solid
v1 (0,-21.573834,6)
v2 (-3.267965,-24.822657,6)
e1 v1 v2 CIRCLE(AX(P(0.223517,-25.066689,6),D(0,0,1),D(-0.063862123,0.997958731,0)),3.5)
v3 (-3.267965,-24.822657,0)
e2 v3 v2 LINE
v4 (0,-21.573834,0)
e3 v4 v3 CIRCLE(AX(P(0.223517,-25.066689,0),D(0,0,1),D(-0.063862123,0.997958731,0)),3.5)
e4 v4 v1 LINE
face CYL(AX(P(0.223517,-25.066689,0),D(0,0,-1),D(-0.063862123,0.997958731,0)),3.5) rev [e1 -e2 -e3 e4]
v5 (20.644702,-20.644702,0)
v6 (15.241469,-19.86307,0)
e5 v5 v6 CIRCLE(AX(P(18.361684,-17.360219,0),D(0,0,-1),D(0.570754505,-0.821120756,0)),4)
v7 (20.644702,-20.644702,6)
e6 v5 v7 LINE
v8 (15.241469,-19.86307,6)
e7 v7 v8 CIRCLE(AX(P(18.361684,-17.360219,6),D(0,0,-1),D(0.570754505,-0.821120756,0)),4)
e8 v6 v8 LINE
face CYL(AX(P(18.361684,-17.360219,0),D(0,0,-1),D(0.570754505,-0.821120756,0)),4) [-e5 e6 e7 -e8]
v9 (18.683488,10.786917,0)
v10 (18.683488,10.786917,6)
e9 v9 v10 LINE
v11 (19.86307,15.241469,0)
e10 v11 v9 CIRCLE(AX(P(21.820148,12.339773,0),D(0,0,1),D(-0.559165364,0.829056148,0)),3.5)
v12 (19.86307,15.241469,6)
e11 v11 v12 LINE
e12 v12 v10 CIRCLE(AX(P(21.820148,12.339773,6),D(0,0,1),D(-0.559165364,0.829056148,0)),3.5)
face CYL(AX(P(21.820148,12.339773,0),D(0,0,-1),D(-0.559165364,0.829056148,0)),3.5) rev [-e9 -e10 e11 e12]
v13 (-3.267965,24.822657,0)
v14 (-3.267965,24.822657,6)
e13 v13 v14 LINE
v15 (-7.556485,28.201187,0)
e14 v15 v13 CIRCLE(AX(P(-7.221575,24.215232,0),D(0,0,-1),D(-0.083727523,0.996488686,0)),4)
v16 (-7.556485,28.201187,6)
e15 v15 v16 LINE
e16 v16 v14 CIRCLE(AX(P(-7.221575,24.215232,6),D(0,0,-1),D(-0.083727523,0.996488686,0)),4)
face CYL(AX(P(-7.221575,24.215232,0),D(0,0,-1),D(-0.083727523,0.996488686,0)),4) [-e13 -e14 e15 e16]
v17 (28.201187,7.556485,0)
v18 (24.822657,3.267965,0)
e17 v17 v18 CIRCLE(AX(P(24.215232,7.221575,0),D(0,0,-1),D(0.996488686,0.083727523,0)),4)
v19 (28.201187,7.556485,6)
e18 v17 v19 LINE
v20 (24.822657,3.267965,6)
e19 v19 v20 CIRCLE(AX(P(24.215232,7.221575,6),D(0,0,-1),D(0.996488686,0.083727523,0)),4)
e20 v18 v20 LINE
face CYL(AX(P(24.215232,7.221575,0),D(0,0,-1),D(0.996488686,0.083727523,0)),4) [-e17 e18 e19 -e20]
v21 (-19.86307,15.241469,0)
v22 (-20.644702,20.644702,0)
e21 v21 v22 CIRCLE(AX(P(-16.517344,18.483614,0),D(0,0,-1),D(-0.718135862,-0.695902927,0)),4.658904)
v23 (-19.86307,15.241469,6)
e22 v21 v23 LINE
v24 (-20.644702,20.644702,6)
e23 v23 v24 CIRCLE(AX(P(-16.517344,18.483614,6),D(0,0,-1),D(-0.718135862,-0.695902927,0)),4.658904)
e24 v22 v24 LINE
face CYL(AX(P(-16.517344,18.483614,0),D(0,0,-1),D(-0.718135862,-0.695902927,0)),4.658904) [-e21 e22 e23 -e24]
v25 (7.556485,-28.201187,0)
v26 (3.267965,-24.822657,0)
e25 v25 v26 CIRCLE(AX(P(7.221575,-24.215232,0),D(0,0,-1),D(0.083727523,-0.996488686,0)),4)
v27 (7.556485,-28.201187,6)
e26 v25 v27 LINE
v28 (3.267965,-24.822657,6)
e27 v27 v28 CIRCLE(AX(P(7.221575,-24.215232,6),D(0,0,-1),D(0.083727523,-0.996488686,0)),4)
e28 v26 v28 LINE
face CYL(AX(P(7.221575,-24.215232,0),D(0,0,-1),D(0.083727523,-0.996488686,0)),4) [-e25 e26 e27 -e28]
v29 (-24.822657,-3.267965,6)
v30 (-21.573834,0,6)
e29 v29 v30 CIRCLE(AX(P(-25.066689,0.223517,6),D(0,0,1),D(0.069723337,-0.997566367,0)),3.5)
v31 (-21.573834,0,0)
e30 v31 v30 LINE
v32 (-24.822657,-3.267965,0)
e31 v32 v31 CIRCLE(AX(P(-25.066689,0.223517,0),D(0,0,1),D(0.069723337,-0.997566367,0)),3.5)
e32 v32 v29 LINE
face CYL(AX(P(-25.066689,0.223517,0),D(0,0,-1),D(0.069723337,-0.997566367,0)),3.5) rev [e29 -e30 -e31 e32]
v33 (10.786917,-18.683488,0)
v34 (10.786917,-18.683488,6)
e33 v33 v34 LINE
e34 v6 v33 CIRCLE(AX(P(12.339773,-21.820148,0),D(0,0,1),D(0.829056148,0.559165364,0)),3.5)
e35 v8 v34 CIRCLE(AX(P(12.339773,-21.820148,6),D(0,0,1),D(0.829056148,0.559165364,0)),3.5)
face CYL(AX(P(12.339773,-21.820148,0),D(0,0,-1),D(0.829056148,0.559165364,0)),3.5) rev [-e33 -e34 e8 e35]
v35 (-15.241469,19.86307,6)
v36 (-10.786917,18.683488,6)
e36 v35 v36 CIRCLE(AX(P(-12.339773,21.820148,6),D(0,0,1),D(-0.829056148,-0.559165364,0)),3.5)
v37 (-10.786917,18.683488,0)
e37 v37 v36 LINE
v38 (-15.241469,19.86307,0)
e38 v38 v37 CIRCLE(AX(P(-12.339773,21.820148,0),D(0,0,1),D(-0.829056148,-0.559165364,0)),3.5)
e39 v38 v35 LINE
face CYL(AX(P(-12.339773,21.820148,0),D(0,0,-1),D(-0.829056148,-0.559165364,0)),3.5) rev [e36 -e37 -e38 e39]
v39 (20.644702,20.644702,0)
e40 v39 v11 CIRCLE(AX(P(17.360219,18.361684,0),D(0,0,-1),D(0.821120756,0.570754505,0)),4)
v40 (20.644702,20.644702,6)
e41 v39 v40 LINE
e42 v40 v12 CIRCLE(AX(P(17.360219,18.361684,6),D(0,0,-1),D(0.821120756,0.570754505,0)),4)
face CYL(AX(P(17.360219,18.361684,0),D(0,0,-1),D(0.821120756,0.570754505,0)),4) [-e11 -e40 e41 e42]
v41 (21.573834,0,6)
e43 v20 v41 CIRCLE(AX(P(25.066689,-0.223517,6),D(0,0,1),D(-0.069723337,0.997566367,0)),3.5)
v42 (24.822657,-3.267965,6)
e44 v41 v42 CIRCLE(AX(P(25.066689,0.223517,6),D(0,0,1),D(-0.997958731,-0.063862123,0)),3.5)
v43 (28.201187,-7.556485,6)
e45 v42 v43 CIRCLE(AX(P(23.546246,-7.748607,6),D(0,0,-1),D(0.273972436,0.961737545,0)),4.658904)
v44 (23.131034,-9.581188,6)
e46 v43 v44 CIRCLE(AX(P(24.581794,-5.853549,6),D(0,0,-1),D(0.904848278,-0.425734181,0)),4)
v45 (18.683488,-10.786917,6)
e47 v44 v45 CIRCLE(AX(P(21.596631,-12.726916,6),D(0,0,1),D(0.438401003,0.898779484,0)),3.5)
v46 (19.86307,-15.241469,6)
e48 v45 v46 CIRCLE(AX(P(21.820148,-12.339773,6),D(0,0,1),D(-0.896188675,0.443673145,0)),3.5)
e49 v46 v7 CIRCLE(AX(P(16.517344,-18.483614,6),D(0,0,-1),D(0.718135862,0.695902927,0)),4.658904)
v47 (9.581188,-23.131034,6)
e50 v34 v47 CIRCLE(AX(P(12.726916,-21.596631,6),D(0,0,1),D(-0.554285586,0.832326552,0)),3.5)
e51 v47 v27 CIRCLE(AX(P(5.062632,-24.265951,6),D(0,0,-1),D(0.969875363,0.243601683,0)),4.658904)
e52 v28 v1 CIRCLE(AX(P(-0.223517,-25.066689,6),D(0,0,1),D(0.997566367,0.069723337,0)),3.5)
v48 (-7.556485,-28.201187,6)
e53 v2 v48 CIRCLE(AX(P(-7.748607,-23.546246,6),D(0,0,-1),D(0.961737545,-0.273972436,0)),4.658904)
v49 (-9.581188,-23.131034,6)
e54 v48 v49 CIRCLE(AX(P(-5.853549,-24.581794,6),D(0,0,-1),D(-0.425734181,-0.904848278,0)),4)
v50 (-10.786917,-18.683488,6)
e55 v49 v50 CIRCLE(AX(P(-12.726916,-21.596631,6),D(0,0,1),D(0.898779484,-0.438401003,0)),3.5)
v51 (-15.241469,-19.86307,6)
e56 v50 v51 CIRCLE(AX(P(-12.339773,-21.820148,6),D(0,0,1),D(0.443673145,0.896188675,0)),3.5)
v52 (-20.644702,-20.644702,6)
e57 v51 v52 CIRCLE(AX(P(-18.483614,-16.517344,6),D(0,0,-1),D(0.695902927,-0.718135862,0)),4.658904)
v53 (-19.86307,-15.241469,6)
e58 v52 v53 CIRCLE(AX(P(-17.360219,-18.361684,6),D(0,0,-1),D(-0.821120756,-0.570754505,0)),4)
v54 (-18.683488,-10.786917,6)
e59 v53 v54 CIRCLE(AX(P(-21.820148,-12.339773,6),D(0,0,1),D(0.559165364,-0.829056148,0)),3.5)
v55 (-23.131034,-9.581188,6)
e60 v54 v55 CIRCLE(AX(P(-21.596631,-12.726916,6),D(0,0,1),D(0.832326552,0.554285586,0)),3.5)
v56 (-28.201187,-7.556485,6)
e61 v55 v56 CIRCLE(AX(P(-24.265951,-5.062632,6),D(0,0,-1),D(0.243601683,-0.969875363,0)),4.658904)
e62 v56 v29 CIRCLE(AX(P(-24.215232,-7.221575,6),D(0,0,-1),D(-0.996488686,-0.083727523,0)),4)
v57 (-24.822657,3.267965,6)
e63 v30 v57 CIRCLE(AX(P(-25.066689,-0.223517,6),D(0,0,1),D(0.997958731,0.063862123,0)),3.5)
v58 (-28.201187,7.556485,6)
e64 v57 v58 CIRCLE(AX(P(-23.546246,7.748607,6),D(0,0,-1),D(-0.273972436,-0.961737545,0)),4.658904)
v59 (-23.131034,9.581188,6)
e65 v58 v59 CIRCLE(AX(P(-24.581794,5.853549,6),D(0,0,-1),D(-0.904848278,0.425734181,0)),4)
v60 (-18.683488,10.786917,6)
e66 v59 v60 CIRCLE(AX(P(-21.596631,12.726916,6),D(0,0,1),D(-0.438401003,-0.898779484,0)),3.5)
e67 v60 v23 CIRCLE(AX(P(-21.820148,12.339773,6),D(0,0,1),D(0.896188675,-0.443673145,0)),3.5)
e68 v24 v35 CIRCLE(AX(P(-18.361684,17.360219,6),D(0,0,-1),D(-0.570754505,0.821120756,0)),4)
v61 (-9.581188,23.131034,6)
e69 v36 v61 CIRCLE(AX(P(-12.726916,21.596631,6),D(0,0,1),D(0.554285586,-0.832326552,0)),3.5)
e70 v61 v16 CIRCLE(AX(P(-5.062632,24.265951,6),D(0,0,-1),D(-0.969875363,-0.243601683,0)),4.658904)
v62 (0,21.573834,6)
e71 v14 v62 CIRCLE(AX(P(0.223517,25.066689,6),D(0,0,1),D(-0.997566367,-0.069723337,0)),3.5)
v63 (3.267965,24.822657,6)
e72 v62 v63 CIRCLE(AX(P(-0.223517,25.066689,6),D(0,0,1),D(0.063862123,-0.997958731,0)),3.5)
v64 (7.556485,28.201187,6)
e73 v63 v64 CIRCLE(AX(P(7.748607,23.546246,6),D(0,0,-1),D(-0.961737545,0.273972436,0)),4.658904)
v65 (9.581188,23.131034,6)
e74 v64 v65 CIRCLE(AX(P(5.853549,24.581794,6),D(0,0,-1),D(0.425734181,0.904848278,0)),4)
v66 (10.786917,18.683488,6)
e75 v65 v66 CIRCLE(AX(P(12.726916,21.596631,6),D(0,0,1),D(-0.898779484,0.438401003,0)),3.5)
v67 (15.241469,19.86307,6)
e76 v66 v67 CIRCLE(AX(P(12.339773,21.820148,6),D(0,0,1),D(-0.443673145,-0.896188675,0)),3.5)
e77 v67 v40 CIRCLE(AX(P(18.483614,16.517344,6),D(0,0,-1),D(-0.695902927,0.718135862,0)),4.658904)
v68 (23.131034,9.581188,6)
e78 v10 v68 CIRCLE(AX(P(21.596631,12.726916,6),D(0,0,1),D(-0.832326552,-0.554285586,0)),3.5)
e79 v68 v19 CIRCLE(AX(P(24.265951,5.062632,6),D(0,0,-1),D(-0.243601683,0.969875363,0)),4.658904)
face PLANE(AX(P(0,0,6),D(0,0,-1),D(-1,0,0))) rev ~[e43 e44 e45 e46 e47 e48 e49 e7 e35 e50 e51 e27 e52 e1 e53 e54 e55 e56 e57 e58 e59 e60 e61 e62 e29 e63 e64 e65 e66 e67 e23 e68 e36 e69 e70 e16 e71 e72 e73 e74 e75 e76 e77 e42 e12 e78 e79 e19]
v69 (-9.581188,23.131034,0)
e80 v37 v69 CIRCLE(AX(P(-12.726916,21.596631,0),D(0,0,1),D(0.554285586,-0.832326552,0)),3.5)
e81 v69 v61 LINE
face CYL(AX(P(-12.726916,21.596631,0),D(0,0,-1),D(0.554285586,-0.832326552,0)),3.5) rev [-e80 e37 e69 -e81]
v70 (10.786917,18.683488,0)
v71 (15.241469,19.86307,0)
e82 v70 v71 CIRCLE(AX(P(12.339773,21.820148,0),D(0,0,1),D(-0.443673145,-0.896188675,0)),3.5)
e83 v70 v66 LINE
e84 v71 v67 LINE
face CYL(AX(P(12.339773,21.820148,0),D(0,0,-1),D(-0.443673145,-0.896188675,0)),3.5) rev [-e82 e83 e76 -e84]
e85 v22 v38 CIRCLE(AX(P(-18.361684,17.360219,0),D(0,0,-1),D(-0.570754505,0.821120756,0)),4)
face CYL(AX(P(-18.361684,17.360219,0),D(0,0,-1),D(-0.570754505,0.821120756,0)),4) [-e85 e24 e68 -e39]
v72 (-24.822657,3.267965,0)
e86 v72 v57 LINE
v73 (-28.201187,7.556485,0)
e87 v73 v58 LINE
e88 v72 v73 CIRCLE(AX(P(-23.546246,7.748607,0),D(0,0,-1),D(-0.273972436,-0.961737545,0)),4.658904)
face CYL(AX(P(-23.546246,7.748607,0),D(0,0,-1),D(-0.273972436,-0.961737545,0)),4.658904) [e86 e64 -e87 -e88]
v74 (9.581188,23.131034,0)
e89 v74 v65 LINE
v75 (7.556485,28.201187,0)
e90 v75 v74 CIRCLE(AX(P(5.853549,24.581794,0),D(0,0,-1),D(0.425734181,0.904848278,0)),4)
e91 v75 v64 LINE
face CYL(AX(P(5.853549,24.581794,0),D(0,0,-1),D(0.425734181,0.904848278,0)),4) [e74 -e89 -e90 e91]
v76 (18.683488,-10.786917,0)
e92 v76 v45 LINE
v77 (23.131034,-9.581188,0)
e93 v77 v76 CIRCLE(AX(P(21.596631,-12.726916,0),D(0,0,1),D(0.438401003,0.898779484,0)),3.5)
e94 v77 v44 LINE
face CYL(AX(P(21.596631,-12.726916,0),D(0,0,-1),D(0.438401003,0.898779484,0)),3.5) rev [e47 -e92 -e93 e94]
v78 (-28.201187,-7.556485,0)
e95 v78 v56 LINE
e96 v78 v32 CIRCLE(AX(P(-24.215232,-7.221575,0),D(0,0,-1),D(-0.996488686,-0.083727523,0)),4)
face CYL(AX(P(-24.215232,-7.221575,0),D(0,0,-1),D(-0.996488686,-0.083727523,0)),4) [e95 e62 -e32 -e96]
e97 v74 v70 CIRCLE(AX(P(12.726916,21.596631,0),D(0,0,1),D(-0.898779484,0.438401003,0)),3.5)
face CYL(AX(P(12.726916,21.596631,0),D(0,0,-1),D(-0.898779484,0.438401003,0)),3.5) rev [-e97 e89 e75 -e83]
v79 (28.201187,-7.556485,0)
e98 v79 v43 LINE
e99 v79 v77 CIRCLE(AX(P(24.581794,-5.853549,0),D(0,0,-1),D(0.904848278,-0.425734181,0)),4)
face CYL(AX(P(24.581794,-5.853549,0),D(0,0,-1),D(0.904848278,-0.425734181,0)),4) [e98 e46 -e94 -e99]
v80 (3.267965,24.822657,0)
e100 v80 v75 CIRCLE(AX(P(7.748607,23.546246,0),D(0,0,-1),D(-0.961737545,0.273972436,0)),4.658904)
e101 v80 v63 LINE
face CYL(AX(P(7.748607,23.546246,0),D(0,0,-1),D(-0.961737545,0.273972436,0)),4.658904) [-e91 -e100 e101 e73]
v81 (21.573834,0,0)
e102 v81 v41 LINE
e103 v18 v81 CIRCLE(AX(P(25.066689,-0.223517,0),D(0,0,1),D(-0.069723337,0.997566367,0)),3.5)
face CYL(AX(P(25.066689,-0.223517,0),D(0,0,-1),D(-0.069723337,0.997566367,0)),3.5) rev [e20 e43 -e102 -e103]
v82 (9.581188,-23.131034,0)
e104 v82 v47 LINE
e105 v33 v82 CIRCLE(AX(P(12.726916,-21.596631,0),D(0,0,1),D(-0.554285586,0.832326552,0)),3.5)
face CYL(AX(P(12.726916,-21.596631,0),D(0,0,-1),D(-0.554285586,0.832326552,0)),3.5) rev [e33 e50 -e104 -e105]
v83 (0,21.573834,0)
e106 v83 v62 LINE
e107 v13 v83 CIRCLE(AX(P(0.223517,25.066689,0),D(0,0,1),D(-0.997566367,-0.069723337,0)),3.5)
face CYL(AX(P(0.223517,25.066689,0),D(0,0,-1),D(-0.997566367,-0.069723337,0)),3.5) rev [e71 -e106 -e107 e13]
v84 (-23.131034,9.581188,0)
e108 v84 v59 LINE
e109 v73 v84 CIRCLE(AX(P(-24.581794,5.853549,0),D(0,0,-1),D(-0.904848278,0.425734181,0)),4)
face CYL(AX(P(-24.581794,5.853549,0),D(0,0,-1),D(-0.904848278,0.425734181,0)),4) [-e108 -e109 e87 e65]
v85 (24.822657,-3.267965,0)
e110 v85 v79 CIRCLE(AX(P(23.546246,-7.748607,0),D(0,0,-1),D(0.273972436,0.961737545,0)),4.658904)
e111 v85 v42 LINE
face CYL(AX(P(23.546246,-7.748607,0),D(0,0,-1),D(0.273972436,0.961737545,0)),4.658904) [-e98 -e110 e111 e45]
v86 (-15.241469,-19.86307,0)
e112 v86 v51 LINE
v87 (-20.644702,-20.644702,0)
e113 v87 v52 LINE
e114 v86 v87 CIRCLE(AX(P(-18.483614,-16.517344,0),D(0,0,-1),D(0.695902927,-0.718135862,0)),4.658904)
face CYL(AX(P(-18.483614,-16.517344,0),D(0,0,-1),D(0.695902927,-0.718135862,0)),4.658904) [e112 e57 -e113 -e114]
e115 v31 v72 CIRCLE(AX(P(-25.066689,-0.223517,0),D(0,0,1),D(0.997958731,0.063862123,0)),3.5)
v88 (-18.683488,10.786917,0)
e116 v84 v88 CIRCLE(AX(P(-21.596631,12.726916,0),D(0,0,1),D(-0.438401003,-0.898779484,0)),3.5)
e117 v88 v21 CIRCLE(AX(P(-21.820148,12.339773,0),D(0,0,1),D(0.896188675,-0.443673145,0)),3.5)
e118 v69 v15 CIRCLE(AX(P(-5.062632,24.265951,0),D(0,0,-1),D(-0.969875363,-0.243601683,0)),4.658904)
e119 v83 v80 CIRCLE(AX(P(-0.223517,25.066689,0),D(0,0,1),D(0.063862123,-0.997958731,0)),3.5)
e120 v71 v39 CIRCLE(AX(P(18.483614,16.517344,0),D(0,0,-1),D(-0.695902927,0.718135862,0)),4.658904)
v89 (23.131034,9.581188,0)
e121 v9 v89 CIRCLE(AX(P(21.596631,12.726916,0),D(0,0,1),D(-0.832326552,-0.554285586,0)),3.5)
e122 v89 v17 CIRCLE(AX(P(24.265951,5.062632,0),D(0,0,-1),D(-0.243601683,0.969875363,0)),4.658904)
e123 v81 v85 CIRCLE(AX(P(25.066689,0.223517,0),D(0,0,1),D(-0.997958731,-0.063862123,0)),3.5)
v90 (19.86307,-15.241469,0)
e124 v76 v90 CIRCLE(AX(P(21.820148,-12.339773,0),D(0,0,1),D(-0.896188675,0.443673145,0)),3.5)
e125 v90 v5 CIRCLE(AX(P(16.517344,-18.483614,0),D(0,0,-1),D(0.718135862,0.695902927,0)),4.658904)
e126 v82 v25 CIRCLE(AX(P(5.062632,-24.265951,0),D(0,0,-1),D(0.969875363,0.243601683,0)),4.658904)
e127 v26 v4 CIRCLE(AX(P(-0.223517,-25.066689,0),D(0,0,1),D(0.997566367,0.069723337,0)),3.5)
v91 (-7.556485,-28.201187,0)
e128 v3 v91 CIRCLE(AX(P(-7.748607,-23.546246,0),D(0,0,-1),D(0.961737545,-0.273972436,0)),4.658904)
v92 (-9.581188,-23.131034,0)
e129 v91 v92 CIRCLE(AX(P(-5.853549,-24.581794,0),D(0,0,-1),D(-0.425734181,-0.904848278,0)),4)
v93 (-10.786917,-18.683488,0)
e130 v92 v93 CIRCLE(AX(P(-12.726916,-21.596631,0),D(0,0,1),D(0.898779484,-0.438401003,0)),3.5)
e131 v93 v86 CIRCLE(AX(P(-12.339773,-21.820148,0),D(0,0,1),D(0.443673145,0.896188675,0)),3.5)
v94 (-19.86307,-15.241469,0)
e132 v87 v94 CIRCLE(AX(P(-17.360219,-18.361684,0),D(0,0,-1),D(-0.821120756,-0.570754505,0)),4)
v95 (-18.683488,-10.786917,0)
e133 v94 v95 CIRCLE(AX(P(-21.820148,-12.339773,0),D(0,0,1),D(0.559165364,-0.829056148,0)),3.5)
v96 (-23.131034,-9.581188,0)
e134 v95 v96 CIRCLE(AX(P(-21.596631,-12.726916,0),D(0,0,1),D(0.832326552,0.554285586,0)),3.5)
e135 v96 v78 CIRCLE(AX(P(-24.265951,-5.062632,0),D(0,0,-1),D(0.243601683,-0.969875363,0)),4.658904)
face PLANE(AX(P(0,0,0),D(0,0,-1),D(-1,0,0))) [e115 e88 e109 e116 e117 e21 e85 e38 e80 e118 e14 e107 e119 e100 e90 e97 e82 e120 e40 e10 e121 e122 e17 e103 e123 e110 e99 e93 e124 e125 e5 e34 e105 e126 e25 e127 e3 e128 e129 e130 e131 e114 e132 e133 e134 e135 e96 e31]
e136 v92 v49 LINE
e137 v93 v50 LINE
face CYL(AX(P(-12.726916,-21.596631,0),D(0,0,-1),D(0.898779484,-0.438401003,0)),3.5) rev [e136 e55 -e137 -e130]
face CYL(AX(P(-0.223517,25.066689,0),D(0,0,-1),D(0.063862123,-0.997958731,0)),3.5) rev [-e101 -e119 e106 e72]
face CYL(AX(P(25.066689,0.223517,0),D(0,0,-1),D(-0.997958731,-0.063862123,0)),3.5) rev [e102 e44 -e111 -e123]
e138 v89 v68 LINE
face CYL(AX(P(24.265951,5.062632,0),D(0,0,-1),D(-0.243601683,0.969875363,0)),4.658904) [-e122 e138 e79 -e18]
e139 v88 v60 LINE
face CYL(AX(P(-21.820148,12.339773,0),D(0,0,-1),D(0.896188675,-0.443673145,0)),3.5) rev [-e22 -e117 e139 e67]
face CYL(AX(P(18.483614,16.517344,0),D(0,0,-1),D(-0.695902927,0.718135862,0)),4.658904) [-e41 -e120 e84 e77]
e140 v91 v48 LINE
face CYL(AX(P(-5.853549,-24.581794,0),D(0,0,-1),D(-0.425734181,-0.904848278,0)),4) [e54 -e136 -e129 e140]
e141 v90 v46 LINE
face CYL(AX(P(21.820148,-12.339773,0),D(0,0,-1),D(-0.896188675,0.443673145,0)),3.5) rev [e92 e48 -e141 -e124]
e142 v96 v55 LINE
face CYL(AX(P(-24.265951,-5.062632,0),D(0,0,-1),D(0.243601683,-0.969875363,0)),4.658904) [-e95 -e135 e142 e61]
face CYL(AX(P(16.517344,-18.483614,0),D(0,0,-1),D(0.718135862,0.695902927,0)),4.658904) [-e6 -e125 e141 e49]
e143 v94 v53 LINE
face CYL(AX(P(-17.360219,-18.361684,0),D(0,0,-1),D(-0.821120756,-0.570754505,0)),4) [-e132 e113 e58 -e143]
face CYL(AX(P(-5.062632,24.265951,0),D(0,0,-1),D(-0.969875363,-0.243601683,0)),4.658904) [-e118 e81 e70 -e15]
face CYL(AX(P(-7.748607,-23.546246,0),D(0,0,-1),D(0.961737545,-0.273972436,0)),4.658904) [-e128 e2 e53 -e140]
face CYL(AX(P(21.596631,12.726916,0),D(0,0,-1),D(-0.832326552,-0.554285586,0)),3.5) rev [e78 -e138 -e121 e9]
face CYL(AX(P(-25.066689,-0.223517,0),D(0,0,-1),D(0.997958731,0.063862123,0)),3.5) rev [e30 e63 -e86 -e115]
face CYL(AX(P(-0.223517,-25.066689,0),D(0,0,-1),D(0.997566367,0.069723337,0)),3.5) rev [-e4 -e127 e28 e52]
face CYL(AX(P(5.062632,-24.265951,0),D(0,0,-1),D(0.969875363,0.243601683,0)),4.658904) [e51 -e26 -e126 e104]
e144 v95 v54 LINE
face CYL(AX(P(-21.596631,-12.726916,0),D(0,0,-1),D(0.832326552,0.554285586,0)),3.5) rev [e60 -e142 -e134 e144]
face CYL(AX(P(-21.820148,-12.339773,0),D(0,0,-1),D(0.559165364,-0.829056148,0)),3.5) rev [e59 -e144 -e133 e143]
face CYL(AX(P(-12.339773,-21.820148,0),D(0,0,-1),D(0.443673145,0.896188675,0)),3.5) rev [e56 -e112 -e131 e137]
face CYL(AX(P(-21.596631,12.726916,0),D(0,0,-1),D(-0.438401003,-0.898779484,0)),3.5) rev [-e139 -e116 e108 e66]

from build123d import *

# Parameters (mm, degrees)
BOSS_EXTRUDE4_DEPTH = 6


with BuildPart() as part:
    # Sketch4 → Boss-Extrude4 (new body)
    with BuildSketch(Plane.XY):
        with BuildLine():
            ThreePointArc((0, 21.573833609), (2.244076515, 22.584556995), (3.267964856, 24.822657492))
            ThreePointArc((3.267964856, 24.822657492), (4.865501824, 27.205902748), (7.556485251, 28.201186884))
            ThreePointArc((7.556485251, 28.201186884), (9.568303086, 26.065235227), (9.581188162, 23.131034405))
            ThreePointArc((9.581188162, 23.131034405), (9.348851227, 20.680838348), (10.786916804, 18.683487962))
            ThreePointArc((10.786916804, 18.683487962), (13.235705768, 18.436761833), (15.24146933, 19.86306955))
            ThreePointArc((15.24146933, 19.86306955), (17.816599556, 21.128252), (20.644701633, 20.644701633))
            ThreePointArc((20.644701633, 20.644701633), (21.319011157, 17.789004319), (19.86306955, 15.24146933))
            ThreePointArc((19.86306955, 15.24146933), (18.436761833, 13.235705768), (18.683487962, 10.786916804))
            ThreePointArc((18.683487962, 10.786916804), (20.680838348, 9.348851227), (23.131034405, 9.581188162))
            ThreePointArc((23.131034405, 9.581188162), (25.993753825, 9.389303192), (28.201186884, 7.556485251))
            ThreePointArc((28.201186884, 7.556485251), (27.357307405, 4.74622407), (24.822657492, 3.267964856))
            ThreePointArc((24.822657492, 3.267964856), (22.584556995, 2.244076515), (21.573833609, 0))
            ThreePointArc((21.573833609, 0), (22.584556995, -2.244076515), (24.822657492, -3.267964856))
            ThreePointArc((24.822657492, -3.267964856), (27.205902748, -4.865501824), (28.201186884, -7.556485251))
            ThreePointArc((28.201186884, -7.556485251), (26.065235227, -9.568303086), (23.131034405, -9.581188162))
            ThreePointArc((23.131034405, -9.581188162), (20.680838348, -9.348851227), (18.683487962, -10.786916804))
            ThreePointArc((18.683487962, -10.786916804), (18.436761833, -13.235705768), (19.86306955, -15.24146933))
            ThreePointArc((19.86306955, -15.24146933), (21.128252, -17.816599556), (20.644701633, -20.644701633))
            ThreePointArc((20.644701633, -20.644701633), (17.789004319, -21.319011157), (15.24146933, -19.86306955))
            ThreePointArc((15.24146933, -19.86306955), (13.235705768, -18.436761833), (10.786916804, -18.683487962))
            ThreePointArc((10.786916804, -18.683487962), (9.348851227, -20.680838348), (9.581188162, -23.131034405))
            ThreePointArc((9.581188162, -23.131034405), (9.389303192, -25.993753825), (7.556485251, -28.201186884))
            ThreePointArc((7.556485251, -28.201186884), (4.74622407, -27.357307405), (3.267964856, -24.822657492))
            ThreePointArc((3.267964856, -24.822657492), (2.244076515, -22.584556995), (0, -21.573833609))
            ThreePointArc((0, -21.573833609), (-2.244076515, -22.584556995), (-3.267964856, -24.822657492))
            ThreePointArc((-3.267964856, -24.822657492), (-4.865501824, -27.205902748), (-7.556485251, -28.201186884))
            ThreePointArc((-7.556485251, -28.201186884), (-9.568303086, -26.065235227), (-9.581188162, -23.131034405))
            ThreePointArc((-9.581188162, -23.131034405), (-9.348851227, -20.680838348), (-10.786916804, -18.683487962))
            ThreePointArc((-10.786916804, -18.683487962), (-13.235705768, -18.436761833), (-15.24146933, -19.86306955))
            ThreePointArc((-15.24146933, -19.86306955), (-17.816599556, -21.128252), (-20.644701633, -20.644701633))
            ThreePointArc((-20.644701633, -20.644701633), (-21.319011157, -17.789004319), (-19.86306955, -15.24146933))
            ThreePointArc((-19.86306955, -15.24146933), (-18.436761833, -13.235705768), (-18.683487962, -10.786916804))
            ThreePointArc((-18.683487962, -10.786916804), (-20.680838348, -9.348851227), (-23.131034405, -9.581188162))
            ThreePointArc((-23.131034405, -9.581188162), (-25.993753825, -9.389303192), (-28.201186884, -7.556485251))
            ThreePointArc((-28.201186884, -7.556485251), (-27.357307405, -4.74622407), (-24.822657492, -3.267964856))
            ThreePointArc((-24.822657492, -3.267964856), (-22.584556995, -2.244076515), (-21.573833609, 0))
            ThreePointArc((-21.573833609, 0), (-22.584556995, 2.244076515), (-24.822657492, 3.267964856))
            ThreePointArc((-24.822657492, 3.267964856), (-27.205902748, 4.865501824), (-28.201186884, 7.556485251))
            ThreePointArc((-28.201186884, 7.556485251), (-26.065235227, 9.568303086), (-23.131034405, 9.581188162))
            ThreePointArc((-23.131034405, 9.581188162), (-20.680838348, 9.348851227), (-18.683487962, 10.786916804))
            ThreePointArc((-18.683487962, 10.786916804), (-18.436761833, 13.235705768), (-19.86306955, 15.24146933))
            ThreePointArc((-19.86306955, 15.24146933), (-21.128252, 17.816599556), (-20.644701633, 20.644701633))
            ThreePointArc((-20.644701633, 20.644701633), (-17.789004319, 21.319011157), (-15.24146933, 19.86306955))
            ThreePointArc((-15.24146933, 19.86306955), (-13.235705768, 18.436761833), (-10.786916804, 18.683487962))
            ThreePointArc((-10.786916804, 18.683487962), (-9.348851227, 20.680838348), (-9.581188162, 23.131034405))
            ThreePointArc((-9.581188162, 23.131034405), (-9.389303192, 25.993753825), (-7.556485251, 28.201186884))
            ThreePointArc((-7.556485251, 28.201186884), (-4.74622407, 27.357307405), (-3.267964856, 24.822657492))
            ThreePointArc((-3.267964856, 24.822657492), (-2.244076515, 22.584556995), (0, 21.573833609))
        make_face()
    extrude(amount=BOSS_EXTRUDE4_DEPTH)


solid = part.part
